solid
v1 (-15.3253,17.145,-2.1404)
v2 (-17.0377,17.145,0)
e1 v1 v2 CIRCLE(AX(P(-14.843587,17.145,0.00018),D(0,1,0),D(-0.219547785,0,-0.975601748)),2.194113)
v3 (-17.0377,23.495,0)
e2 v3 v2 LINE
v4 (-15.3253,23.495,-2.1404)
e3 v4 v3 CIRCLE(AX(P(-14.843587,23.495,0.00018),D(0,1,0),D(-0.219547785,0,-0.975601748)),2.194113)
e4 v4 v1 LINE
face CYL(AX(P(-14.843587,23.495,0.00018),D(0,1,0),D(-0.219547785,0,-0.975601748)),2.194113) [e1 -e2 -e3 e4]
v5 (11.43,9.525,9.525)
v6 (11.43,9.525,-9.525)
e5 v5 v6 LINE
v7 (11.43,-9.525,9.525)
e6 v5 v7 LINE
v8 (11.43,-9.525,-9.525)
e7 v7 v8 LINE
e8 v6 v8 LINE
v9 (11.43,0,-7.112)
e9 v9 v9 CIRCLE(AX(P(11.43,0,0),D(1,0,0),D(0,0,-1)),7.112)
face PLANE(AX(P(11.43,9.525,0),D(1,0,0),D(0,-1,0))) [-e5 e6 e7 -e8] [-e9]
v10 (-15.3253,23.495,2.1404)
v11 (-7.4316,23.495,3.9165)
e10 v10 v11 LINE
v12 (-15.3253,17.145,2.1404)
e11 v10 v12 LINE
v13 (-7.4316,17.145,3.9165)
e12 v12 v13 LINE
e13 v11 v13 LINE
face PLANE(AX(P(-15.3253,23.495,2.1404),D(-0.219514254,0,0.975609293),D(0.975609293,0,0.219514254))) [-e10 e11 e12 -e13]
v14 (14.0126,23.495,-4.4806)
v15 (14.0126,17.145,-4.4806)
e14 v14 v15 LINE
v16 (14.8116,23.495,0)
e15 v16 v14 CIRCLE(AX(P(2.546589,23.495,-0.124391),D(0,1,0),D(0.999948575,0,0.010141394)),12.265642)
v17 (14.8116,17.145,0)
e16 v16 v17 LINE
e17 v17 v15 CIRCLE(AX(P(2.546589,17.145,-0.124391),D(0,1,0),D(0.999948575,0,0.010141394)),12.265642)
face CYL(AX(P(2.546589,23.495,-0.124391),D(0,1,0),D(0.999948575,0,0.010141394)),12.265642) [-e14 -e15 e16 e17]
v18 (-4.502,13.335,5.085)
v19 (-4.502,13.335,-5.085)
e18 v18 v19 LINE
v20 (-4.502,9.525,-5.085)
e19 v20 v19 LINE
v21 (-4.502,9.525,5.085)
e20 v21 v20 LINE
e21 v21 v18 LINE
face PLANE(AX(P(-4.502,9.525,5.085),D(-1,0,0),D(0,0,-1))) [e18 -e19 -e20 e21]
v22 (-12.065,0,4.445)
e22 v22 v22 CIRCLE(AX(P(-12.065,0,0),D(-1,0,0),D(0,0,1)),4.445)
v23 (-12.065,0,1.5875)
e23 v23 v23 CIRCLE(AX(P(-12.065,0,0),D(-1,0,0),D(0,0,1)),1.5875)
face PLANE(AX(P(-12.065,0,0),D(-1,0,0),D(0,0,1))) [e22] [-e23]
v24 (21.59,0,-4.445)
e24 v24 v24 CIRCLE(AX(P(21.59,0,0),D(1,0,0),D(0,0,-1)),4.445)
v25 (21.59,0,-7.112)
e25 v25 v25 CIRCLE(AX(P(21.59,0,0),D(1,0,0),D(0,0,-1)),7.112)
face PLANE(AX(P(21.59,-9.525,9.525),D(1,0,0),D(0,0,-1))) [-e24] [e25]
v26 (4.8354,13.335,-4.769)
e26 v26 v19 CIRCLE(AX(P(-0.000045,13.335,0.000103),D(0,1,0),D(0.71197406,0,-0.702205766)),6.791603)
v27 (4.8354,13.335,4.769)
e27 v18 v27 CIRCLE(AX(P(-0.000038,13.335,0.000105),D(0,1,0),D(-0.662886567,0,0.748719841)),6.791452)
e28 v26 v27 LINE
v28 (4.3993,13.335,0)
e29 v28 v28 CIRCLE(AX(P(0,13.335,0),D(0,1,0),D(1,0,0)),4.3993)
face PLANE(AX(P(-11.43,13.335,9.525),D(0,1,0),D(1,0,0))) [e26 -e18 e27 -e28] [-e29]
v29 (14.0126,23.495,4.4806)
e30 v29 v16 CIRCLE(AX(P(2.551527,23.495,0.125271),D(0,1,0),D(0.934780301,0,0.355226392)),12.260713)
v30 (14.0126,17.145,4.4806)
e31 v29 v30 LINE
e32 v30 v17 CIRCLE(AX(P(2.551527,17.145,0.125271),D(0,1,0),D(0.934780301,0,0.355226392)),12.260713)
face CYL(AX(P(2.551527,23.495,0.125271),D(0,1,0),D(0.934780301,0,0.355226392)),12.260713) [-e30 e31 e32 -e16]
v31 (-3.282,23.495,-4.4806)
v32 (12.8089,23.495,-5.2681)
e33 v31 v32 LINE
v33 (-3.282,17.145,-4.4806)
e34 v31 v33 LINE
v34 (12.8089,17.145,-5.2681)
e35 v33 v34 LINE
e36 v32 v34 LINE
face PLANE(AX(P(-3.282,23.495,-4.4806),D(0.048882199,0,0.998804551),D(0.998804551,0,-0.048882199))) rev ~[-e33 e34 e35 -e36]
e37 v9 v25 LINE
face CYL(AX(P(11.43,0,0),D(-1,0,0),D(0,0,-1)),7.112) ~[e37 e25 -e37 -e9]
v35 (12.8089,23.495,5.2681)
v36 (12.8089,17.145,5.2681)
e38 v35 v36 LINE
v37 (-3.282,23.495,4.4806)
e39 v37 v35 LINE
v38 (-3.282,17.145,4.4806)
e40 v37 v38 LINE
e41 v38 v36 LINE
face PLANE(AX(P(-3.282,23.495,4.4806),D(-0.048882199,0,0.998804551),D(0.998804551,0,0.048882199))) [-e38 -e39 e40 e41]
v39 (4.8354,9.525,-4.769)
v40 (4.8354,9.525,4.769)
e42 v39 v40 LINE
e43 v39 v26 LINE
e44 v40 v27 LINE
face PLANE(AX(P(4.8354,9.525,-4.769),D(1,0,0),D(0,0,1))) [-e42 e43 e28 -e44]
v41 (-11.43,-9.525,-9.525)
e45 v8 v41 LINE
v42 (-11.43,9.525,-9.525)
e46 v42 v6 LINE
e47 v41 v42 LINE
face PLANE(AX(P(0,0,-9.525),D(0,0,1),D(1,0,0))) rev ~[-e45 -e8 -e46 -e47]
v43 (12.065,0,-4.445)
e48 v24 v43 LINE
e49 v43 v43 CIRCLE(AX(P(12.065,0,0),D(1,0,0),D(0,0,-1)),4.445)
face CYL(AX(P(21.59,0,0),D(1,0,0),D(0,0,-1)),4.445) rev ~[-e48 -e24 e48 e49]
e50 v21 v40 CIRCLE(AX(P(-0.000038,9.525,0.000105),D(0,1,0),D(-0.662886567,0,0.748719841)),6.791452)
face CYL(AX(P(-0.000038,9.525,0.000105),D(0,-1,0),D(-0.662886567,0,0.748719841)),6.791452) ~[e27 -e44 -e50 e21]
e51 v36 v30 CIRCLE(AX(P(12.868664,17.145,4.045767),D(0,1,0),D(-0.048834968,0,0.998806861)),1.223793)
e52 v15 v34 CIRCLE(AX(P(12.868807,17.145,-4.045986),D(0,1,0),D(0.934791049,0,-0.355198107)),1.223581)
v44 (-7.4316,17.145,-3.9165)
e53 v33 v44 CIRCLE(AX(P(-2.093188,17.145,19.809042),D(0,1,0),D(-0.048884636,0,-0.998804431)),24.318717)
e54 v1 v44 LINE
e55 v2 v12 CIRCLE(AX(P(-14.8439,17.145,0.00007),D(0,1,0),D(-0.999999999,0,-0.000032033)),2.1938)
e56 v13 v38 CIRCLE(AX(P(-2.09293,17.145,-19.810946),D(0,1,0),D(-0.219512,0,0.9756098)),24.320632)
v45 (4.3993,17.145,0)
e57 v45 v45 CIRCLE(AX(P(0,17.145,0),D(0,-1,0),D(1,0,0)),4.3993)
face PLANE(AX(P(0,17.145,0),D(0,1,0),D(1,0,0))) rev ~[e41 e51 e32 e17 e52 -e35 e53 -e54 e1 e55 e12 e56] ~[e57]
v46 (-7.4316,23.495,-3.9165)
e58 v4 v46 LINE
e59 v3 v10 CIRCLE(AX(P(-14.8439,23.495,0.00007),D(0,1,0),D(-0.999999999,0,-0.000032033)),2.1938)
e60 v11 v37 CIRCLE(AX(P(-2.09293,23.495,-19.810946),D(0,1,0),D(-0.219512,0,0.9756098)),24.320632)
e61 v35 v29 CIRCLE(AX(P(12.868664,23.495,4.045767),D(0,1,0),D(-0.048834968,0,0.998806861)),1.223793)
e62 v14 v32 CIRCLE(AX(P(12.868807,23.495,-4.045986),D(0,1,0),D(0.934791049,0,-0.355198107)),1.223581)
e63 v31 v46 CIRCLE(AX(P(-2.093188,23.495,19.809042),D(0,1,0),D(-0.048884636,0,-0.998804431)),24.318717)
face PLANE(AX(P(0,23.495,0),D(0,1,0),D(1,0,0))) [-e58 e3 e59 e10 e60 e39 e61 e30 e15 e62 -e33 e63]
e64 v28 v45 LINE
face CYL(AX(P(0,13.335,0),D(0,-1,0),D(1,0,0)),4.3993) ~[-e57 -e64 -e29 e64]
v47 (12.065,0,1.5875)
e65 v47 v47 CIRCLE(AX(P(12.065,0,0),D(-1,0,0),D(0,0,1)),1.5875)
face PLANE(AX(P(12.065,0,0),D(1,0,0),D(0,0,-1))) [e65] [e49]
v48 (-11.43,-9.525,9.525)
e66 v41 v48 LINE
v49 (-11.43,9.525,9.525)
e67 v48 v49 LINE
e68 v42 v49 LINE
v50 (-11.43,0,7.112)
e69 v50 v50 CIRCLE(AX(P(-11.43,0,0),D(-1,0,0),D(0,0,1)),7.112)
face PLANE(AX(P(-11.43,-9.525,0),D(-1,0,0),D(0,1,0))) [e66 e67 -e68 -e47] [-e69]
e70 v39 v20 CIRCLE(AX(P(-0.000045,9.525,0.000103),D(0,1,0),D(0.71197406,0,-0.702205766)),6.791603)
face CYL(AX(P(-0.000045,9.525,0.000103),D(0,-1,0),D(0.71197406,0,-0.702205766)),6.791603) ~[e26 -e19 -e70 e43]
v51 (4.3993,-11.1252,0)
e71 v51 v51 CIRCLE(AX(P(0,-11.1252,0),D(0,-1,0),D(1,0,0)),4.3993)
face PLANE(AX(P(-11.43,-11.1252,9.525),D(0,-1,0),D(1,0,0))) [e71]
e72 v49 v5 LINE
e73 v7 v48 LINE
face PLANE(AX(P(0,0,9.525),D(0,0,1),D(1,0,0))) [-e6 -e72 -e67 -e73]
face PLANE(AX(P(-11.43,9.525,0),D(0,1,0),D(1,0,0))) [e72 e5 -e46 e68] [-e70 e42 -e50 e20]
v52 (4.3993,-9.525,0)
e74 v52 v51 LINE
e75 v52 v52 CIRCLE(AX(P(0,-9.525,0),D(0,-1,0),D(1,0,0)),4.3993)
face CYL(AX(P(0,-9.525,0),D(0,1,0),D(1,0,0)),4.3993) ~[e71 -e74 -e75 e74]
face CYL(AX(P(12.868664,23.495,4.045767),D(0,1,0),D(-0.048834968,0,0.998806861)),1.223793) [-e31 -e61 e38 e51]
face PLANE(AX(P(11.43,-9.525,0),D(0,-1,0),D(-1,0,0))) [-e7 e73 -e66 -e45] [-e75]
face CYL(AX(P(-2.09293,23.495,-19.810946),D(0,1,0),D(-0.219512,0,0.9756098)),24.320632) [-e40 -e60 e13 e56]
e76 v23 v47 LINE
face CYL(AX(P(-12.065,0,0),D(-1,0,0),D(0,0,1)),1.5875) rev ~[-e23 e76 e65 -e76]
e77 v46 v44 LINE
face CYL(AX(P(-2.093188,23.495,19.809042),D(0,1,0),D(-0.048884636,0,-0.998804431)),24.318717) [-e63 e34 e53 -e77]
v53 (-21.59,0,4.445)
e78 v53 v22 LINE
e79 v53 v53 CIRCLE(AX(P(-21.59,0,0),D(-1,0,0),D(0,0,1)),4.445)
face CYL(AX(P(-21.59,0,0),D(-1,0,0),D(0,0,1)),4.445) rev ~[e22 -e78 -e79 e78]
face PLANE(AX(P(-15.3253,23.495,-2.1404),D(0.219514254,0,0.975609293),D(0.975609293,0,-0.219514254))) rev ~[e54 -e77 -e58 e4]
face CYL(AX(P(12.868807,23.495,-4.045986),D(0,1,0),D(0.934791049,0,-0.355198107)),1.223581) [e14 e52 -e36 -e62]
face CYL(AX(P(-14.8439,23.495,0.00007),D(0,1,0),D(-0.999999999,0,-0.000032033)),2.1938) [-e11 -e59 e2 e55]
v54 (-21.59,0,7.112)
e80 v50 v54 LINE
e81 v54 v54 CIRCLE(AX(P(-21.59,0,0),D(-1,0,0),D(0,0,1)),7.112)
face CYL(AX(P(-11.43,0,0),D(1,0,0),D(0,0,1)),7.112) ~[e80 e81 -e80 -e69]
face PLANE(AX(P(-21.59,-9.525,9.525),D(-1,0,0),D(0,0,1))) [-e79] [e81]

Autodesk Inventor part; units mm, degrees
ref_plane "YZ Plane" through (0, 0, 0) normal (1, 0, 0) x (0, 1, 0)
ref_plane "XZ Plane" through (0, 0, 0) normal (0, 1, 0) x (-1, 0, 0)
ref_plane "XY Plane" through (0, 0, 0) normal (0, 0, 1) x (1, 0, 0)
sketch "Sketch1" plane through (0, 0, 0) normal (0, 0, 1) x (1, 0, 0)
  line L0 (-11.43, 9.525) -> (11.43, 9.525)
  line L1 (11.43, 9.525) -> (11.43, -9.525)
  line L2 (11.43, -9.525) -> (-11.43, -9.525)
  line L3 (-11.43, -9.525) -> (-11.43, 9.525)
  point P0 (0, 0)
  point P1 (-11.43, 0)
  point P2 (0, 9.525)
  dimension "d0" = 19.05
  dimension "d1" = 22.86
extrude "Extrusion1" add sketch "Sketch1" along normal mid plane 19.05
sketch "Sketch2" plane through (-11.43, -9.525, 9.525) normal (-1, 0, 0) x (0, 0, 1)
  line L0 (0, 0) -> (0, 19.05) projected
  line L1 (-19.05, 19.05) -> (0, 19.05) projected
  line L2 (-19.05, 19.05) -> (-19.05, 0) projected
  line L3 (0, 0) -> (-19.05, 0) projected
  circle A0 centre (-9.525, 9.525) radius 7.112
  point P0 (-9.525, 19.05)
  point P1 (-19.05, 9.525)
  dimension "d4" = 14.224
extrude "Extrusion2" add sketch "Sketch2" along normal blind 10.16 contours A0
sketch "Sketch3" plane through (11.43, -9.525, 9.525) normal (1, 0, 0) x (0, 0, -1)
  circle A0 centre (9.525, 9.525) radius 7.112
  line L0 (0, 19.05) -> (0, 0) projected
  line L1 (0, 0) -> (19.05, 0) projected
  line L2 (19.05, 0) -> (19.05, 19.05) projected
  line L3 (0, 19.05) -> (19.05, 19.05) projected
  point P0 (9.525, 19.05)
  point P1 (-19.05, 9.525)
  point P2 (0, 9.525)
  point P3 (9.525, 19.05)
  dimension "d7" = 14.224
extrude "Extrusion3" add sketch "Sketch3" along normal blind 10.16 contours A0
sketch "Sketch4" plane through (-11.43, 9.525, 9.525) normal (0, 1, 0) x (1, 0, 0)
  line L0 (0, 0) -> (22.86, 0) projected
  line L1 (22.86, 0) -> (22.86, 19.05) projected
  line L2 (22.86, 19.05) -> (0, 19.05) projected
  line L3 (0, 19.05) -> (0, 0) projected
  line L4 (16.2654, 14.294) -> (16.2654, 4.756)
  line L5 (6.928, 4.44) -> (6.928, 14.61)
  arc A0 (6.928, 4.44) -> (16.2654, 4.756) centre (11.43, 9.525) ccw
  arc A1 (16.2654, 14.294) -> (6.928, 14.61) centre (11.43, 9.525) ccw
  point P0 (11.43, 19.05)
  point P1 (0, 9.525)
extrude "Extrusion4" add sketch "Sketch4" along normal blind 3.81 contours L4 A0 L5 A1
sketch "Sketch5" plane through (-11.43, 13.335, 9.525) normal (0, 1, 0) x (1, 0, 0)
  arc A0 (6.928, 4.44) -> (16.2654, 4.756) centre (11.43, 9.525) ccw projected
  line L0 (16.2654, 14.294) -> (16.2654, 4.756) projected
  arc A1 (16.2654, 14.294) -> (6.928, 14.61) centre (11.43, 9.525) ccw projected
  line L1 (6.928, 4.44) -> (6.928, 14.61) projected
  circle A2 centre (11.43, 9.525) radius 4.3993
extrude "Extrusion5" add sketch "Sketch5" along normal blind 10.16 contours A2
sketch "Sketch6" plane through (0, 23.495, 0) normal (0, 1, 0) x (1, 0, 0)
  circle A0 centre (0, 0) radius 4.3993 projected
  line L0 (0, 0) -> (16.7523, 0)
  line L1 (0, 0) -> (-17.0377, 0)
  arc A1 (-15.3253, 2.1404) -> (-17.0377, 0) centre (-14.8437, 0) ccw
  line L2 (-15.3253, 2.1404) -> (-7.4316, 3.9165)
  arc A2 (-3.282, 4.4806) -> (-7.4316, 3.9165) centre (-2.0931, -19.81) ccw
  line L3 (-3.282, 4.4806) -> (12.8089, 5.2681)
  arc A3 (14.0126, 4.4806) -> (12.8089, 5.2681) centre (12.8687, 4.0459) ccw
  arc A4 (14.8116, 0) -> (14.0126, 4.4806) centre (2.5491, 0.1246) ccw
  arc A5 (-17.0377, 0) -> (-15.3253, -2.1404) centre (-14.8437, 0) ccw
  line L4 (-15.3253, -2.1404) -> (-7.4316, -3.9165)
  arc A6 (-7.4316, -3.9165) -> (-3.282, -4.4806) centre (-2.0931, 19.81) ccw
  line L5 (-3.282, -4.4806) -> (12.8089, -5.2681)
  arc A7 (12.8089, -5.2681) -> (14.0126, -4.4806) centre (12.8687, -4.0459) ccw
  arc A8 (14.0126, -4.4806) -> (14.8116, 0) centre (2.5491, -0.1246) ccw
extrude "Extrusion6" add sketch "Sketch6" against normal blind 6.35
sketch "Sketch7" plane through (21.59, 0, 0) normal (1, 0, 0) x (0, 0, -1)
  circle A0 centre (0, 0) radius 4.445
  dimension "d16" = 8.89
extrude "Extrusion7" cut sketch "Sketch7" against normal blind 9.525
sketch "Sketch8" plane through (-21.59, 0, 0) normal (-1, 0, 0) x (0, 0, 1)
  circle A0 centre (0, 0) radius 4.445
  dimension "d19" = 8.89
extrude "Extrusion8" cut sketch "Sketch8" against normal blind 9.525
sketch "Sketch9" plane through (-12.065, 0, 0) normal (-1, 0, 0) x (0, 0, 1)
  circle A0 centre (0, 0) radius 1.5875
  dimension "d23" = 3.175
extrude "Extrusion9" cut sketch "Sketch9" against normal blind 71.4502
thread "Thread1" size "3/8-16 UNC" class "1B" standard "ANSI Unified Screw Threads" full length
thread "Thread2" size "3/8-16 UNC" class "1B" standard "ANSI Unified Screw Threads" full length
sketch "Sketch10" plane through (-11.43, -9.525, 9.525) normal (0, -1, 0) x (1, 0, 0)
  circle A0 centre (11.43, -9.525) radius 4.3993 projected
extrude "Extrusion10" add sketch "Sketch10" along normal blind 1.6002
properties part number "PV609-2"
